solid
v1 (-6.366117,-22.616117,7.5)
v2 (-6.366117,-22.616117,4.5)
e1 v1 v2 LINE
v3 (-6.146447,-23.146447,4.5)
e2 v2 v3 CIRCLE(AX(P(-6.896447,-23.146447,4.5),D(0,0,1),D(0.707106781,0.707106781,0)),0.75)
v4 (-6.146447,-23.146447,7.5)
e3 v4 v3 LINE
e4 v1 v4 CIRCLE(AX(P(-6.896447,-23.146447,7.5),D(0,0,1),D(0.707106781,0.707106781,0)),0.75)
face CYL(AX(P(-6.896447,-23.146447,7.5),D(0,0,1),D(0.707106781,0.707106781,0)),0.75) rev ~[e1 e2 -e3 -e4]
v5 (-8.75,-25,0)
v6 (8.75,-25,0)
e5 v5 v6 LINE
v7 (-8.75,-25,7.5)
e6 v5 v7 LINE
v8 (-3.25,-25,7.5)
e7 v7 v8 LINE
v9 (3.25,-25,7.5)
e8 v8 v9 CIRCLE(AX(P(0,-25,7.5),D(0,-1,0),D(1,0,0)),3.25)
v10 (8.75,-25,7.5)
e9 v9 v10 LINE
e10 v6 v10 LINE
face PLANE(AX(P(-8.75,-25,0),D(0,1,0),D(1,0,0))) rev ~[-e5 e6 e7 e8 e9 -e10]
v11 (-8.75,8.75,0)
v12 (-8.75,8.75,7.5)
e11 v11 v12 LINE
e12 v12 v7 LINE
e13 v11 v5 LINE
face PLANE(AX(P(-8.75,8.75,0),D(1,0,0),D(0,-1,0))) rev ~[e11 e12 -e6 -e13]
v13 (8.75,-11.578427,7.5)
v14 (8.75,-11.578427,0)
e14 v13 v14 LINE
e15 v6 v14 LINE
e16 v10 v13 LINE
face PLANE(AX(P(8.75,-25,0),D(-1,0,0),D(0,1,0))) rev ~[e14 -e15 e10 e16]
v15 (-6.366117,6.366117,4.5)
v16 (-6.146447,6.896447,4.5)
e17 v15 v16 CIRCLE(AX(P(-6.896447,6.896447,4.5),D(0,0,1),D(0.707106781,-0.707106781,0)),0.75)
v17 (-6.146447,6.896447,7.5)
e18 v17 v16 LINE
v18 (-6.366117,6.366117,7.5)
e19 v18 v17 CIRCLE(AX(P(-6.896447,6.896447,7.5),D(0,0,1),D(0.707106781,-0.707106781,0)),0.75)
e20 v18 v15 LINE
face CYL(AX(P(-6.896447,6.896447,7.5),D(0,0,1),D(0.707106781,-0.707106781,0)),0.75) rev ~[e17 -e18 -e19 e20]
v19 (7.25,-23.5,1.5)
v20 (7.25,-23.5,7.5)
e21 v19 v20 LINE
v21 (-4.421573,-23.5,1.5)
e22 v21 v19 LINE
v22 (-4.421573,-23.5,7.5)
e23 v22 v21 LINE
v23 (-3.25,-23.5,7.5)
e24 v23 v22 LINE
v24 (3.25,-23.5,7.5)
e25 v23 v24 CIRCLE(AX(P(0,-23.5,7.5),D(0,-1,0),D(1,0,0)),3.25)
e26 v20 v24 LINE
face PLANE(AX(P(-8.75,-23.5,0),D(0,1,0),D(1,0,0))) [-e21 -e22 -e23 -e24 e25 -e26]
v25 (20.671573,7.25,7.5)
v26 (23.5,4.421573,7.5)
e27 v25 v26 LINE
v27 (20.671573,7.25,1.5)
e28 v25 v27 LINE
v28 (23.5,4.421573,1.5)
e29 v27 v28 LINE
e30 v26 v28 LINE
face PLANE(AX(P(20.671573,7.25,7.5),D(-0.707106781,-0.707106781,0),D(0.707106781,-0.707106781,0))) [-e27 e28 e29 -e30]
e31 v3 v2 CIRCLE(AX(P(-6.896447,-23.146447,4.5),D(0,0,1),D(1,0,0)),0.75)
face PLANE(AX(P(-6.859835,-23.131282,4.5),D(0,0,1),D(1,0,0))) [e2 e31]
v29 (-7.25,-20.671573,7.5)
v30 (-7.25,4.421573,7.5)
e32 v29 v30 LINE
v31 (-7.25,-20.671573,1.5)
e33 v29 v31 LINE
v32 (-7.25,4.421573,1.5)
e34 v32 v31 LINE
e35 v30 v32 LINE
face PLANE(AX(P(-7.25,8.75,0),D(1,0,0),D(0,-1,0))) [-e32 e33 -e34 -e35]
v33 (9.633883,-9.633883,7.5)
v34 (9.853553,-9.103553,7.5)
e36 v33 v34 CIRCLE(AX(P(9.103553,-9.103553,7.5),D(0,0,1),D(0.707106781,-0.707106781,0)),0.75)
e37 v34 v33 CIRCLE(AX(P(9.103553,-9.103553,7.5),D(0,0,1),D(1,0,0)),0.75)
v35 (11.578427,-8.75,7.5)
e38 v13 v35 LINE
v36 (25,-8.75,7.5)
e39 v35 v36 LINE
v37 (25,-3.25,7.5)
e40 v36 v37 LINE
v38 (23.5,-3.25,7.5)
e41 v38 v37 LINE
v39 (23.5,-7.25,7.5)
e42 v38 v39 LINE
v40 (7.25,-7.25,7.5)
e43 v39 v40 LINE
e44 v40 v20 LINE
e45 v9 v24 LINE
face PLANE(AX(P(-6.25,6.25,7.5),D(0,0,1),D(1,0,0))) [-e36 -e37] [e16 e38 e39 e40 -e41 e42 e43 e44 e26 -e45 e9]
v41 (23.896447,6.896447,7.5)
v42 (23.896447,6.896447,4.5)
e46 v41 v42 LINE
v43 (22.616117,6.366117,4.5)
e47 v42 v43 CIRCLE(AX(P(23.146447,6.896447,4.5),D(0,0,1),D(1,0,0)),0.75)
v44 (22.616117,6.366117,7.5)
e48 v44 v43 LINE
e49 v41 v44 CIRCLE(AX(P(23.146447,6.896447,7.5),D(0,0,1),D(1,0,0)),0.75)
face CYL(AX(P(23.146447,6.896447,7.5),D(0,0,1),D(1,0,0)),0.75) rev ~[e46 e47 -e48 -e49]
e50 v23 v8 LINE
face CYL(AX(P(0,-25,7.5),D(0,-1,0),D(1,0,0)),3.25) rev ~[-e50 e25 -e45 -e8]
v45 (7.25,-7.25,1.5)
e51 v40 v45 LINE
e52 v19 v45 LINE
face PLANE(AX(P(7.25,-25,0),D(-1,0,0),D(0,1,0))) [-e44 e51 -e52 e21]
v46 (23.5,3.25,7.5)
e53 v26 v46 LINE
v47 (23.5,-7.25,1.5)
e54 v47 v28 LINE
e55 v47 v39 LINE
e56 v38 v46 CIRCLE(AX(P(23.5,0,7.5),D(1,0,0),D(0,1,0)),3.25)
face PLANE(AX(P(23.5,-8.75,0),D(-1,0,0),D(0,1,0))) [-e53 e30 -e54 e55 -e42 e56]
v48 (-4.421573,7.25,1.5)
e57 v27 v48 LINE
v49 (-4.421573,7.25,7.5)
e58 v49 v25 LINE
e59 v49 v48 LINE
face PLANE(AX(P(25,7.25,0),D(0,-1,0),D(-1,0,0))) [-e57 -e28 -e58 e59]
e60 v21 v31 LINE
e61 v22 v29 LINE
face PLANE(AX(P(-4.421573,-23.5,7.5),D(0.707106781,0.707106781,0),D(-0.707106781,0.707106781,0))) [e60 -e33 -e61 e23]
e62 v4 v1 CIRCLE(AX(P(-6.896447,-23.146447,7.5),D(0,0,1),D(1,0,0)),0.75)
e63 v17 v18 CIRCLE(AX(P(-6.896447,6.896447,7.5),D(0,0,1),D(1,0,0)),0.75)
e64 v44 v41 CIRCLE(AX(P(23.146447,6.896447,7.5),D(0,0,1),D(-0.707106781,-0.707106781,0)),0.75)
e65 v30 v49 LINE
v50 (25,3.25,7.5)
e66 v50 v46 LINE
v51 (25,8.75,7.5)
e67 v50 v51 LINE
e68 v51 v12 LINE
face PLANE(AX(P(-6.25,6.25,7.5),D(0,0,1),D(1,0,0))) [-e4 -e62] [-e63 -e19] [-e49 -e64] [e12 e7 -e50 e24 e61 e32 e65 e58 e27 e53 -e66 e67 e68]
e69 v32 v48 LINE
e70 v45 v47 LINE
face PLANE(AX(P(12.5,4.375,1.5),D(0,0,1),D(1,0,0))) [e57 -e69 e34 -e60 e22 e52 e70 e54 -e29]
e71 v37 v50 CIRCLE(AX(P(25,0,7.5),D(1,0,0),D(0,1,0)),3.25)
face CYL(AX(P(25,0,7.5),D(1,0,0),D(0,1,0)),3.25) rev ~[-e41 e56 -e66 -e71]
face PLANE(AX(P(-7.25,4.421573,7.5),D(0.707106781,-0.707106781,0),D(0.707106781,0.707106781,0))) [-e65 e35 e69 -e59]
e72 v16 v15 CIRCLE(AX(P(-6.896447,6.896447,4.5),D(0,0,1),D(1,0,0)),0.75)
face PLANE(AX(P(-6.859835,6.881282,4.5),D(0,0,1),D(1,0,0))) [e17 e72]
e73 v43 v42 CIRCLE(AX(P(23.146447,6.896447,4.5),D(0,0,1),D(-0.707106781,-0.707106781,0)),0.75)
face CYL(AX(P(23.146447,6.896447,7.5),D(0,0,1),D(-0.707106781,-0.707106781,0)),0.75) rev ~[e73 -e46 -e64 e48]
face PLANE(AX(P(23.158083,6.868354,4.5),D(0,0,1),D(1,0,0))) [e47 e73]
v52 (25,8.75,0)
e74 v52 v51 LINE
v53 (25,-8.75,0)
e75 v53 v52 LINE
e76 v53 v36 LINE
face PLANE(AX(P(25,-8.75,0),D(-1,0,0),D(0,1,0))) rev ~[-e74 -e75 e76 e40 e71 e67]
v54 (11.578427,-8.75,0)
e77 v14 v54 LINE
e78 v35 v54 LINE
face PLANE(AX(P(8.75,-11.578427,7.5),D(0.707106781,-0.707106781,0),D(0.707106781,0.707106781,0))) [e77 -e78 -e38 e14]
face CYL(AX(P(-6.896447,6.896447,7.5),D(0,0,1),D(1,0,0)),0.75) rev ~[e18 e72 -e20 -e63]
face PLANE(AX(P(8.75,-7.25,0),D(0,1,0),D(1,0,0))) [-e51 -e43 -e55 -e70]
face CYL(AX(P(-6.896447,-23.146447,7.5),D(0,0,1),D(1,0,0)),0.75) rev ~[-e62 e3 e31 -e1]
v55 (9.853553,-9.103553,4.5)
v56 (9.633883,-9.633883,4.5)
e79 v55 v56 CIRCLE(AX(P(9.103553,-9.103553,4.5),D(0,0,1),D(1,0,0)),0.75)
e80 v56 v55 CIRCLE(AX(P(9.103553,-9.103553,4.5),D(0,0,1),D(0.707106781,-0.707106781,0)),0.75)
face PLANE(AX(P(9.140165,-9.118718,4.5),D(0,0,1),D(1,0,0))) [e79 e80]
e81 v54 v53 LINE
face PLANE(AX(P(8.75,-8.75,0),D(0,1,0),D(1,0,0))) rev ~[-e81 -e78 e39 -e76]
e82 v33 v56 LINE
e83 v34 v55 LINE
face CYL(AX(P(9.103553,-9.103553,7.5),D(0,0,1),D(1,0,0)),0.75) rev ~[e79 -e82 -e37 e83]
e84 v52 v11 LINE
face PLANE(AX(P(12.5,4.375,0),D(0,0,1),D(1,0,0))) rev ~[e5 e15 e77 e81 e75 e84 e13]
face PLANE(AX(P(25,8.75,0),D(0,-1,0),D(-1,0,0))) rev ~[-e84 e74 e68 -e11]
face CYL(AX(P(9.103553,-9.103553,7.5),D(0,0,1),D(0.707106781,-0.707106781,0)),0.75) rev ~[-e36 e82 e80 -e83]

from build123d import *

# Parameters (mm, degrees)
F0_W      = 8.75
F0_H      = 8.75
F1_DEPTH  = 7.5
F2_T      = -1.5
F4_DEPTH  = 7.5
F6_DEPTH  = 3
F7_R      = 3.25
F8_DEPTH  = 32.25
F9_R      = 3.25
F10_DEPTH = 32.25


with BuildPart() as f1:
    # F0 (on Top) → F1 (new body)
    with BuildSketch(Plane.XY):
        Polygon((25, 0), (25, 8.75), (8.75, 8.75), (0, 8.75), (0, 0), align=None)
        Polygon((25, -8.75), (25, 0), (0, 0), (0, -25), (8.75, -25), (8.75, -8.75), align=None)
        with Locations((-4.375, 4.375)):
            Rectangle(F0_W, F0_H)
        Polygon((0, -25), (0, 0), (-8.75, 0), (-8.75, -8.75), (-8.75, -25), align=None)
    extrude(amount=F1_DEPTH)

    # F2
    f2_openings = [f1.faces().sort_by_distance(p)[0] for p in [
        (5.484375, -5.484375, 7.5),
    ]]
    offset(amount=F2_T, openings=f2_openings, kind=Kind.INTERSECTION)

    # F3 (on face) → F4 (join, through all)
    with BuildSketch(Plane.XY.offset(7.5)):
        Polygon((-4.4215728753, 7.25), (-7.25, 7.25), (-7.25, 4.4215728753), align=None)
        Polygon((11.5784271247, -8.75), (8.75, -8.75), (8.75, -11.5784271247), align=None)
        Polygon((23.5, 7.25), (20.6715728753, 7.25), (23.5, 4.4215728753), align=None)
        Polygon((-4.4215728753, -23.5), (-7.25, -20.6715728753), (-7.25, -23.5), align=None)
    extrude(amount=-F4_DEPTH)

    # F5 (on face) → F6 (cut)
    with BuildSketch(Plane.XY.offset(7.5)):
        with BuildLine():
            ThreePointArc((-6.3661165235, 6.3661165235), (-6.20353696, 6.6094340351), (-6.1464466094, 6.8964466094))
            ThreePointArc((-6.1464466094, 6.8964466094), (-7.5893562588, 7.1834591837), (-6.3661165235, 6.3661165235))
        make_face()
        with BuildLine():
            ThreePointArc((22.6161165235, 6.3661165235), (23.4334591837, 6.20353696), (23.8964466094, 6.8964466094))
            ThreePointArc((23.8964466094, 6.8964466094), (22.8594340351, 7.5893562588), (22.6161165235, 6.3661165235))
        make_face()
        with BuildLine():
            ThreePointArc((9.6338834765, -9.6338834765), (9.79646304, -9.3905659649), (9.8535533906, -9.1035533906))
            ThreePointArc((9.8535533906, -9.1035533906), (8.4106437412, -8.8165408163), (9.6338834765, -9.6338834765))
        make_face()
        with BuildLine():
            ThreePointArc((-6.3661165235, -22.6161165235), (-7.5893562588, -23.4334591837), (-6.1464466094, -23.1464466094))
            ThreePointArc((-6.1464466094, -23.1464466094), (-6.20353696, -22.8594340351), (-6.3661165235, -22.6161165235))
        make_face()
    extrude(amount=-F6_DEPTH, mode=Mode.SUBTRACT)

    # F7 (on face) → F8 (cut, through all)
    with BuildSketch(Plane.XZ.offset(25)):
        with Locations((0, 7.5)):
            Circle(F7_R)
    extrude(amount=-F8_DEPTH, mode=Mode.SUBTRACT)

    # F9 (on face) → F10 (cut, through all)
    with BuildSketch(Plane.YZ.offset(25)):
        with Locations((0, 7.5)):
            Circle(F9_R)
    extrude(amount=-F10_DEPTH, mode=Mode.SUBTRACT)


solid = f1.part
